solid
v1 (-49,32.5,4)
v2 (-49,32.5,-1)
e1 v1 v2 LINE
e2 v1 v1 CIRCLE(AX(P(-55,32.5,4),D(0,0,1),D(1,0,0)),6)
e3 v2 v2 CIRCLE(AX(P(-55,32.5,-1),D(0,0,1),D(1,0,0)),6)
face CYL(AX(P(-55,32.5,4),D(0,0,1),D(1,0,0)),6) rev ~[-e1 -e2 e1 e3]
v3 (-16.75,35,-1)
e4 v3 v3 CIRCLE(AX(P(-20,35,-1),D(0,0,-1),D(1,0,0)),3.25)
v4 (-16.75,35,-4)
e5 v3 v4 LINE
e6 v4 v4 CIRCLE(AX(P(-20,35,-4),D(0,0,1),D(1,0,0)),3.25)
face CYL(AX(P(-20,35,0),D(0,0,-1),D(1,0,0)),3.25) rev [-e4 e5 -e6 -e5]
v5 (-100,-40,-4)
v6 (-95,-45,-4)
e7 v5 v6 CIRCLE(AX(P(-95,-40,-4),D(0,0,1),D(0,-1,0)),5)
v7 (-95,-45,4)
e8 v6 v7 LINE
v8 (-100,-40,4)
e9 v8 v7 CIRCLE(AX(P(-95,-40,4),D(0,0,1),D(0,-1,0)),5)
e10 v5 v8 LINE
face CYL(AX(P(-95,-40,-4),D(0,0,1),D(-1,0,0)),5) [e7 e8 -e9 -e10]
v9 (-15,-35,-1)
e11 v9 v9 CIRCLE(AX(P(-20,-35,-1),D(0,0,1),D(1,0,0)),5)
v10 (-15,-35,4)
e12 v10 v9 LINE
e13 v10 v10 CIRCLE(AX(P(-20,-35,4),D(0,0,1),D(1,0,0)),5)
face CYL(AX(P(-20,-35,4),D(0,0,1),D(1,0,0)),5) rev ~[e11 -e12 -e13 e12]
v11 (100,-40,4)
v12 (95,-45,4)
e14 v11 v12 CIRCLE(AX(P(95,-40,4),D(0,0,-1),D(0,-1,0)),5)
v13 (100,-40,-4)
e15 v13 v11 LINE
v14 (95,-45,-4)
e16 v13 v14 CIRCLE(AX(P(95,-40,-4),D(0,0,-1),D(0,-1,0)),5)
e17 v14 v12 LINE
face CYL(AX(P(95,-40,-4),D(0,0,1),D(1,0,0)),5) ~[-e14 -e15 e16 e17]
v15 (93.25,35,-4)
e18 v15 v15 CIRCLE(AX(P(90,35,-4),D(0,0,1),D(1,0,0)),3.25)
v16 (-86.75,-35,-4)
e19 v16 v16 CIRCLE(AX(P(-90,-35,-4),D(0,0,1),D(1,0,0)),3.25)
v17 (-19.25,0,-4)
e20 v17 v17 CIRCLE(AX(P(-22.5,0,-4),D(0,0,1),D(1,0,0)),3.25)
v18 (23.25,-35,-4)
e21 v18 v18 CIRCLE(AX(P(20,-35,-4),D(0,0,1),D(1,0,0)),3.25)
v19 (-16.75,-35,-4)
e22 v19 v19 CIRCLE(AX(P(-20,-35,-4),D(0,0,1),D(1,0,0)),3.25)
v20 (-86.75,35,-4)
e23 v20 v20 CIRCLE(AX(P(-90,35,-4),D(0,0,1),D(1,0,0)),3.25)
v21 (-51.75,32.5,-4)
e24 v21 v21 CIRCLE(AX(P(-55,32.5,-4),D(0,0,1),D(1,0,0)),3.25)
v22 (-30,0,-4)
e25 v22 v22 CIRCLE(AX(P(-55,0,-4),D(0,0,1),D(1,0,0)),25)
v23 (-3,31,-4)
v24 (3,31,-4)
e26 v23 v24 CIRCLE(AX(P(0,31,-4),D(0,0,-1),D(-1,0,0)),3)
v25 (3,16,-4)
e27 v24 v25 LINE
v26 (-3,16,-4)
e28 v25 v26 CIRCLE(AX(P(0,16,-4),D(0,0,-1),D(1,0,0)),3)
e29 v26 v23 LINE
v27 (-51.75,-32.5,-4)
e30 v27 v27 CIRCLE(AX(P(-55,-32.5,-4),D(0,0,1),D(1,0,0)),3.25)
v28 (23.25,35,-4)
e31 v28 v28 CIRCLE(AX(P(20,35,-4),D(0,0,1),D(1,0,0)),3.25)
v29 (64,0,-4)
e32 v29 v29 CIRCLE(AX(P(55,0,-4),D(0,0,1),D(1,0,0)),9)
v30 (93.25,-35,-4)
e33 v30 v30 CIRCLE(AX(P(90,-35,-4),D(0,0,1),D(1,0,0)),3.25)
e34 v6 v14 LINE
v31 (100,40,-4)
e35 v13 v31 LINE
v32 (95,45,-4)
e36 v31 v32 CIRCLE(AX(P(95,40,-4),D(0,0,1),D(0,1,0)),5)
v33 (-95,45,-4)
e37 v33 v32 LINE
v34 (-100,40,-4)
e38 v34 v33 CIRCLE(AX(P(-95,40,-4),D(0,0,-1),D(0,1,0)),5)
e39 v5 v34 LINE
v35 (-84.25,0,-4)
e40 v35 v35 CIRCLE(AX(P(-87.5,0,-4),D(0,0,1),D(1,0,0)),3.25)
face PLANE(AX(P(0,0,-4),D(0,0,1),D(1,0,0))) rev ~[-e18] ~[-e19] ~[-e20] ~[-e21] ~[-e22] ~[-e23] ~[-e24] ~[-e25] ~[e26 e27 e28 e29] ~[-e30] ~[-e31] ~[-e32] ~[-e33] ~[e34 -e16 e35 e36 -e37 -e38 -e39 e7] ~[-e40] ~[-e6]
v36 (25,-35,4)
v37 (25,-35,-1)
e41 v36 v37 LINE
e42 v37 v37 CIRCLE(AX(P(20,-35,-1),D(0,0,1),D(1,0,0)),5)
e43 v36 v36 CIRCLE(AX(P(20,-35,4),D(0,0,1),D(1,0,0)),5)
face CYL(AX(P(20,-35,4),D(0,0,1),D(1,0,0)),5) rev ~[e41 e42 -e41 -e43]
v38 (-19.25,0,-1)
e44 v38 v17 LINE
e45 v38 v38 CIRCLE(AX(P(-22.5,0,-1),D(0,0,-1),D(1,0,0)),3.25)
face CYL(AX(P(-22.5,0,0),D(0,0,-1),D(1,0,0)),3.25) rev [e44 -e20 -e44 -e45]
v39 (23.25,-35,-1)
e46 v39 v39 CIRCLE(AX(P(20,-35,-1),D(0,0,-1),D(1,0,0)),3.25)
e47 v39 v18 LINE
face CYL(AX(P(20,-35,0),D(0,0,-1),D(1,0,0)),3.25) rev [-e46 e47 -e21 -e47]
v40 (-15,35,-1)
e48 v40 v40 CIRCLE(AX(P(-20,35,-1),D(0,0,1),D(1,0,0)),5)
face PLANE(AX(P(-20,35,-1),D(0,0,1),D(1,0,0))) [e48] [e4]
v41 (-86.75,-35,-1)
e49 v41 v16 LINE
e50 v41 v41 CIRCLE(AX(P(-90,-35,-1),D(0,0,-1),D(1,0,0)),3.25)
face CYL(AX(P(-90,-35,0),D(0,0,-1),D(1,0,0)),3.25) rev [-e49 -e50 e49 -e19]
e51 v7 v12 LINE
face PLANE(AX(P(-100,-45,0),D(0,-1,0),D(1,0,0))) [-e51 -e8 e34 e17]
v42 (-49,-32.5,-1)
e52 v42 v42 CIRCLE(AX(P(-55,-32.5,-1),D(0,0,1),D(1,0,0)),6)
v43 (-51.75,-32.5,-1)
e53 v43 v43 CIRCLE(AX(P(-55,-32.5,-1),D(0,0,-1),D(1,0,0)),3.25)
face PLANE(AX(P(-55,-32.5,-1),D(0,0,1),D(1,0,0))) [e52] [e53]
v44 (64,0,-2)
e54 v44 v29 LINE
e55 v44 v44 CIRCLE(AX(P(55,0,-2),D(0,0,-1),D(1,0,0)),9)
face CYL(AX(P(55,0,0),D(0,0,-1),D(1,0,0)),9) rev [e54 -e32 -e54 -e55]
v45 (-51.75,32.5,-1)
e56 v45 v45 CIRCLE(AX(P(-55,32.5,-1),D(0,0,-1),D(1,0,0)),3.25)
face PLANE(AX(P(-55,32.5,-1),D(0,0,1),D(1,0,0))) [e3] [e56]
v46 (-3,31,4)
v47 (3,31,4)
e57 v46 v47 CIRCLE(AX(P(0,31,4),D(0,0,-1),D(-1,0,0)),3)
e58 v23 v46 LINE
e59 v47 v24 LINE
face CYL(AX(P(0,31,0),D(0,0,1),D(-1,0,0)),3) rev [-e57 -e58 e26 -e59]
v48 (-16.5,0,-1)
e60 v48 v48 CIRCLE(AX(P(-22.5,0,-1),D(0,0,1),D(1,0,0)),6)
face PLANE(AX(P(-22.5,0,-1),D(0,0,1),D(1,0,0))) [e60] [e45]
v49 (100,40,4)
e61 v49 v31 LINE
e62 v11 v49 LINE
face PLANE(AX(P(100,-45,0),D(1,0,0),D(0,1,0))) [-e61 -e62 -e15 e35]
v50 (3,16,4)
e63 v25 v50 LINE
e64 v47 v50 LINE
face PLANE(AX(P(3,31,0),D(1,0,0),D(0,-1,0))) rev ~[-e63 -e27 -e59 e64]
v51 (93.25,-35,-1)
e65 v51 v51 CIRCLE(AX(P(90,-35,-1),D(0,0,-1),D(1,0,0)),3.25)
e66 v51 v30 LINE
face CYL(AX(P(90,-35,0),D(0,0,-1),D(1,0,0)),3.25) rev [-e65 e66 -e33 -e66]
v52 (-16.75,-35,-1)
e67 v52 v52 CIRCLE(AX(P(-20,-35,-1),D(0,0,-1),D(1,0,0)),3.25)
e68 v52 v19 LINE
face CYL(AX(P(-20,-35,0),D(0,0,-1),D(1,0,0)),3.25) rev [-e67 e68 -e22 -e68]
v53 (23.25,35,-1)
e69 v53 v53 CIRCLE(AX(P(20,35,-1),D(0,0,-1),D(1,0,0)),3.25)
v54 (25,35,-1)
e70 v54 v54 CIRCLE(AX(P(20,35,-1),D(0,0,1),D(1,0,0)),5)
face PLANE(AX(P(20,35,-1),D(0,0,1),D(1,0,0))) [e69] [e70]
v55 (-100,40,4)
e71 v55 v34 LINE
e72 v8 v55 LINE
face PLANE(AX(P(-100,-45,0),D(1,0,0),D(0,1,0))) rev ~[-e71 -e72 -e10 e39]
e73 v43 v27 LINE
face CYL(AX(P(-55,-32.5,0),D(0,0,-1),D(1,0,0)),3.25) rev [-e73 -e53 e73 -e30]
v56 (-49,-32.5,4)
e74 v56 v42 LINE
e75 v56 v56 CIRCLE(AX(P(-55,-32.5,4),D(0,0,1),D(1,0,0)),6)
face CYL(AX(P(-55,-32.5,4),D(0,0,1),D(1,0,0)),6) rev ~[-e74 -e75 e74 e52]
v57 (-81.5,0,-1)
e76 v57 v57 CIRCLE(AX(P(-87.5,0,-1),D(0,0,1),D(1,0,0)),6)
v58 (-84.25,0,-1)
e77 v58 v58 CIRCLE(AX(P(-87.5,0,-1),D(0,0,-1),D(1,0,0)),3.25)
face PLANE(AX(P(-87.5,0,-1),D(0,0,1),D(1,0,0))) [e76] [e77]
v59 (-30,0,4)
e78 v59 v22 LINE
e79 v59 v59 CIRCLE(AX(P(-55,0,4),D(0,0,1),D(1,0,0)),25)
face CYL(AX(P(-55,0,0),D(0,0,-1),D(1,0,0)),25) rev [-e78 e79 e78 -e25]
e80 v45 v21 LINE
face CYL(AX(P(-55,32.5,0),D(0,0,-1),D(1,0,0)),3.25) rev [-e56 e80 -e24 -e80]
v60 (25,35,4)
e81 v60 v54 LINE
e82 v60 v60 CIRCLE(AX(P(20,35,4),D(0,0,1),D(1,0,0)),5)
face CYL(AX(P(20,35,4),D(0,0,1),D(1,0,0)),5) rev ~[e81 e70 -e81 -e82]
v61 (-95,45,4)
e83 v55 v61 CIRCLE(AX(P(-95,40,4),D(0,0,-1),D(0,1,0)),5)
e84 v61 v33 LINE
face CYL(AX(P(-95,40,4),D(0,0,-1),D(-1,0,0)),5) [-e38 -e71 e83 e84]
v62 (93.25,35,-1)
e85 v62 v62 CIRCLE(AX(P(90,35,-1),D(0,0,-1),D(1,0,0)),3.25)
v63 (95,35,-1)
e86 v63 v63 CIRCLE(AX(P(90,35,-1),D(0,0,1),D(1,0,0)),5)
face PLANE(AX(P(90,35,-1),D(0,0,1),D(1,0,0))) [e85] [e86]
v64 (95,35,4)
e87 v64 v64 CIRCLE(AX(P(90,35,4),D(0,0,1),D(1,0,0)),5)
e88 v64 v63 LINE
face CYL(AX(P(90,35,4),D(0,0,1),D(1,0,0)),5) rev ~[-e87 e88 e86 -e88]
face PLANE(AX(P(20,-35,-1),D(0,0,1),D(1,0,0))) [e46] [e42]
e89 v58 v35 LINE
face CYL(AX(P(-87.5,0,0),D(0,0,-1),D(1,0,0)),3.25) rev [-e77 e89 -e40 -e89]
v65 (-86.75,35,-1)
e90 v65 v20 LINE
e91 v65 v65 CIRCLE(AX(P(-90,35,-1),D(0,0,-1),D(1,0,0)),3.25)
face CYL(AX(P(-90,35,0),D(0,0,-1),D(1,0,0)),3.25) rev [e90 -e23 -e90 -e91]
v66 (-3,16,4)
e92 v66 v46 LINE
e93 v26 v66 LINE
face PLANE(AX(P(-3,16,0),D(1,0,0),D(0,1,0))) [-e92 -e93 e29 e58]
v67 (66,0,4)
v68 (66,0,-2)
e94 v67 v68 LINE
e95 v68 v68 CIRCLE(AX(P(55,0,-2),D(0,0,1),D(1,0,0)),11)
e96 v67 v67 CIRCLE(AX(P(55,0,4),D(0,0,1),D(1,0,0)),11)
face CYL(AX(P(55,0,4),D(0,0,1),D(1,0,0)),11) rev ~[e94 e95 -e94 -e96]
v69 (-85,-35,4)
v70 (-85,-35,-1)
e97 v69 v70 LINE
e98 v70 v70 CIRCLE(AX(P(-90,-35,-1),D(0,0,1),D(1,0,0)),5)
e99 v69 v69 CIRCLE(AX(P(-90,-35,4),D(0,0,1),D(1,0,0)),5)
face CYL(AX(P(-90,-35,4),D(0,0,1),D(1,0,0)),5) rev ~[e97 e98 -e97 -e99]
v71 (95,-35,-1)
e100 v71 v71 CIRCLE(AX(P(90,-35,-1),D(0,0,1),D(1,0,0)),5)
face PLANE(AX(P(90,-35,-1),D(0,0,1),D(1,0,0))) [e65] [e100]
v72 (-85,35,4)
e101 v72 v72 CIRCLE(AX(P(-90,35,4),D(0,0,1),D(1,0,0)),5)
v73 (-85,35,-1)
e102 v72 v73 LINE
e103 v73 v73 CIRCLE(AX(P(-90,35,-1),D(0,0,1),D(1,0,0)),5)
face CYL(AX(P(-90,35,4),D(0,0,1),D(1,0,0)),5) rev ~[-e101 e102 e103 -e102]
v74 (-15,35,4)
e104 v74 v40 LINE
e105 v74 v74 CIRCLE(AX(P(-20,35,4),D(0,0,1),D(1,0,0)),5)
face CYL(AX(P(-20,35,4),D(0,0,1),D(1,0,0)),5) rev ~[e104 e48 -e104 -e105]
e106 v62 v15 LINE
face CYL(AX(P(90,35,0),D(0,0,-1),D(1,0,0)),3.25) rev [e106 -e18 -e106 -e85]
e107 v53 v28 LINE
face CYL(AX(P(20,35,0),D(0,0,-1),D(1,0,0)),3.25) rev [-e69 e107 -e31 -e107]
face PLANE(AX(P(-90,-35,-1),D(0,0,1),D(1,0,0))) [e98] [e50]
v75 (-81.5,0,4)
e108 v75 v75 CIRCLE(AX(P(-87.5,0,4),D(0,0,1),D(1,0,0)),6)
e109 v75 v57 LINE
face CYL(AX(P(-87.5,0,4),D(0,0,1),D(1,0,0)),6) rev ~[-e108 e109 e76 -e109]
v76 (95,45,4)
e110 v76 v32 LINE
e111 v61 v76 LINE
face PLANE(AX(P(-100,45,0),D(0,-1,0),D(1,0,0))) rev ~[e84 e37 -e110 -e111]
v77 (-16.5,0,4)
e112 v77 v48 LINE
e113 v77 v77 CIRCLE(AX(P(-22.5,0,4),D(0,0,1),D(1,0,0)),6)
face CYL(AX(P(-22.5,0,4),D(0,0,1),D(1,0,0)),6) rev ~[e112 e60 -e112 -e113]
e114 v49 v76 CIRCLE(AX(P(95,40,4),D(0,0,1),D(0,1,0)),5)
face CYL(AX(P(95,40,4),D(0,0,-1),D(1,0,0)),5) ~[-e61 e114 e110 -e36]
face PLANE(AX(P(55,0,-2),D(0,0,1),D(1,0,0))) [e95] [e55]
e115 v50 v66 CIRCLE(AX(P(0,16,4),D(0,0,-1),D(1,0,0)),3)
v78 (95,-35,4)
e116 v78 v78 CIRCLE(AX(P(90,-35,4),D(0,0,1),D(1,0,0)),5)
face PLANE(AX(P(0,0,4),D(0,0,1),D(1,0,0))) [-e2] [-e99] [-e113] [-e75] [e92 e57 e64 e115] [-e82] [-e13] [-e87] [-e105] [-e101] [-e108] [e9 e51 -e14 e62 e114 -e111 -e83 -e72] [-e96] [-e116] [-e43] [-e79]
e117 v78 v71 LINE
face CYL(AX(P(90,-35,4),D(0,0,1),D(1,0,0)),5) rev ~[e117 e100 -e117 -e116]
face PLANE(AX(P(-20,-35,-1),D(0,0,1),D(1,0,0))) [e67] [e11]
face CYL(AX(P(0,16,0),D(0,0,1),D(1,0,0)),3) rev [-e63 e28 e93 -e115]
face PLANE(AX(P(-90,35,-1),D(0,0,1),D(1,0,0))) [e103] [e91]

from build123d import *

# Parameters (mm, degrees)
SKETCH1_W           = 200
SKETCH1_H           = 90
SKETCH1_R           = 25
SKETCH1_R_2         = 3.25
SKETCH1_R_3         = 9
BOSS_EXTRUDE1_DEPTH = 4
FILLET1_R           = 5
SKETCH2_R           = 11
CUT_EXTRUDE1_DEPTH  = 6
SKETCH3_R           = 5
SKETCH3_R_2         = 6
CUT_EXTRUDE2_DEPTH  = 5


with BuildPart() as part:
    # Sketch1 → Boss-Extrude1 (new body, symmetric)
    with BuildSketch(Plane.XY):
        Rectangle(SKETCH1_W, SKETCH1_H)
        with Locations((-55, 0)):
            Circle(SKETCH1_R, mode=Mode.SUBTRACT)
        with Locations((-55, 32.5)):
            Circle(SKETCH1_R_2, mode=Mode.SUBTRACT)
        with Locations((-55, -32.5)):
            Circle(SKETCH1_R_2, mode=Mode.SUBTRACT)
        with Locations((-87.5, 0)):
            Circle(SKETCH1_R_2, mode=Mode.SUBTRACT)
        with Locations((-22.5, 0)):
            Circle(SKETCH1_R_2, mode=Mode.SUBTRACT)
        with Locations((55, 0)):
            Circle(SKETCH1_R_3, mode=Mode.SUBTRACT)
        with Locations((-90, 35)):
            Circle(SKETCH1_R_2, mode=Mode.SUBTRACT)
        with Locations((-20, 35)):
            Circle(SKETCH1_R_2, mode=Mode.SUBTRACT)
        with Locations((-90, -35)):
            Circle(SKETCH1_R_2, mode=Mode.SUBTRACT)
        with Locations((-20, -35)):
            Circle(SKETCH1_R_2, mode=Mode.SUBTRACT)
        with Locations((90, -35)):
            Circle(SKETCH1_R_2, mode=Mode.SUBTRACT)
        with Locations((20, -35)):
            Circle(SKETCH1_R_2, mode=Mode.SUBTRACT)
        with Locations((20, 35)):
            Circle(SKETCH1_R_2, mode=Mode.SUBTRACT)
        with Locations((90, 35)):
            Circle(SKETCH1_R_2, mode=Mode.SUBTRACT)
        with BuildLine():
            Line((3, 31), (3, 16))
            ThreePointArc((3, 16), (0, 13), (-3, 16))
            Line((-3, 16), (-3, 31))
            ThreePointArc((-3, 31), (0, 34), (3, 31))
        make_face(mode=Mode.SUBTRACT)
    extrude(amount=BOSS_EXTRUDE1_DEPTH, both=True)

    # Fillet1
    fillet1_edges = [part.edges().sort_by_distance(p)[0] for p in [
        (100, -45, 0),
        (-100, -45, 0),
        (-100, 45, 0),
        (100, 45, 0),
    ]]
    fillet(fillet1_edges, radius=FILLET1_R)

    # Sketch2 → Cut-Extrude1 (cut)
    with BuildSketch(Plane.XY.offset(4)):
        with Locations((55, 0)):
            Circle(SKETCH2_R)
    extrude(amount=-CUT_EXTRUDE1_DEPTH, mode=Mode.SUBTRACT)

    # Sketch3 → Cut-Extrude2 (cut)
    with BuildSketch(Plane.XY.offset(4)):
        with Locations((-90, 35)):
            Circle(SKETCH3_R)
        with Locations((-20, 35)):
            Circle(SKETCH3_R)
        with Locations((-90, -35)):
            Circle(SKETCH3_R)
        with Locations((-20, -35)):
            Circle(SKETCH3_R)
        with Locations((20, -35)):
            Circle(SKETCH3_R)
        with Locations((90, -35)):
            Circle(SKETCH3_R)
        with Locations((90, 35)):
            Circle(SKETCH3_R)
        with Locations((20, 35)):
            Circle(SKETCH3_R)
        with Locations((-55, 32.5)):
            Circle(SKETCH3_R_2)
        with Locations((-87.5, 0)):
            Circle(SKETCH3_R_2)
        with Locations((-55, -32.5)):
            Circle(SKETCH3_R_2)
        with Locations((-22.5, 0)):
            Circle(SKETCH3_R_2)
    extrude(amount=-CUT_EXTRUDE2_DEPTH, mode=Mode.SUBTRACT)


solid = part.part
